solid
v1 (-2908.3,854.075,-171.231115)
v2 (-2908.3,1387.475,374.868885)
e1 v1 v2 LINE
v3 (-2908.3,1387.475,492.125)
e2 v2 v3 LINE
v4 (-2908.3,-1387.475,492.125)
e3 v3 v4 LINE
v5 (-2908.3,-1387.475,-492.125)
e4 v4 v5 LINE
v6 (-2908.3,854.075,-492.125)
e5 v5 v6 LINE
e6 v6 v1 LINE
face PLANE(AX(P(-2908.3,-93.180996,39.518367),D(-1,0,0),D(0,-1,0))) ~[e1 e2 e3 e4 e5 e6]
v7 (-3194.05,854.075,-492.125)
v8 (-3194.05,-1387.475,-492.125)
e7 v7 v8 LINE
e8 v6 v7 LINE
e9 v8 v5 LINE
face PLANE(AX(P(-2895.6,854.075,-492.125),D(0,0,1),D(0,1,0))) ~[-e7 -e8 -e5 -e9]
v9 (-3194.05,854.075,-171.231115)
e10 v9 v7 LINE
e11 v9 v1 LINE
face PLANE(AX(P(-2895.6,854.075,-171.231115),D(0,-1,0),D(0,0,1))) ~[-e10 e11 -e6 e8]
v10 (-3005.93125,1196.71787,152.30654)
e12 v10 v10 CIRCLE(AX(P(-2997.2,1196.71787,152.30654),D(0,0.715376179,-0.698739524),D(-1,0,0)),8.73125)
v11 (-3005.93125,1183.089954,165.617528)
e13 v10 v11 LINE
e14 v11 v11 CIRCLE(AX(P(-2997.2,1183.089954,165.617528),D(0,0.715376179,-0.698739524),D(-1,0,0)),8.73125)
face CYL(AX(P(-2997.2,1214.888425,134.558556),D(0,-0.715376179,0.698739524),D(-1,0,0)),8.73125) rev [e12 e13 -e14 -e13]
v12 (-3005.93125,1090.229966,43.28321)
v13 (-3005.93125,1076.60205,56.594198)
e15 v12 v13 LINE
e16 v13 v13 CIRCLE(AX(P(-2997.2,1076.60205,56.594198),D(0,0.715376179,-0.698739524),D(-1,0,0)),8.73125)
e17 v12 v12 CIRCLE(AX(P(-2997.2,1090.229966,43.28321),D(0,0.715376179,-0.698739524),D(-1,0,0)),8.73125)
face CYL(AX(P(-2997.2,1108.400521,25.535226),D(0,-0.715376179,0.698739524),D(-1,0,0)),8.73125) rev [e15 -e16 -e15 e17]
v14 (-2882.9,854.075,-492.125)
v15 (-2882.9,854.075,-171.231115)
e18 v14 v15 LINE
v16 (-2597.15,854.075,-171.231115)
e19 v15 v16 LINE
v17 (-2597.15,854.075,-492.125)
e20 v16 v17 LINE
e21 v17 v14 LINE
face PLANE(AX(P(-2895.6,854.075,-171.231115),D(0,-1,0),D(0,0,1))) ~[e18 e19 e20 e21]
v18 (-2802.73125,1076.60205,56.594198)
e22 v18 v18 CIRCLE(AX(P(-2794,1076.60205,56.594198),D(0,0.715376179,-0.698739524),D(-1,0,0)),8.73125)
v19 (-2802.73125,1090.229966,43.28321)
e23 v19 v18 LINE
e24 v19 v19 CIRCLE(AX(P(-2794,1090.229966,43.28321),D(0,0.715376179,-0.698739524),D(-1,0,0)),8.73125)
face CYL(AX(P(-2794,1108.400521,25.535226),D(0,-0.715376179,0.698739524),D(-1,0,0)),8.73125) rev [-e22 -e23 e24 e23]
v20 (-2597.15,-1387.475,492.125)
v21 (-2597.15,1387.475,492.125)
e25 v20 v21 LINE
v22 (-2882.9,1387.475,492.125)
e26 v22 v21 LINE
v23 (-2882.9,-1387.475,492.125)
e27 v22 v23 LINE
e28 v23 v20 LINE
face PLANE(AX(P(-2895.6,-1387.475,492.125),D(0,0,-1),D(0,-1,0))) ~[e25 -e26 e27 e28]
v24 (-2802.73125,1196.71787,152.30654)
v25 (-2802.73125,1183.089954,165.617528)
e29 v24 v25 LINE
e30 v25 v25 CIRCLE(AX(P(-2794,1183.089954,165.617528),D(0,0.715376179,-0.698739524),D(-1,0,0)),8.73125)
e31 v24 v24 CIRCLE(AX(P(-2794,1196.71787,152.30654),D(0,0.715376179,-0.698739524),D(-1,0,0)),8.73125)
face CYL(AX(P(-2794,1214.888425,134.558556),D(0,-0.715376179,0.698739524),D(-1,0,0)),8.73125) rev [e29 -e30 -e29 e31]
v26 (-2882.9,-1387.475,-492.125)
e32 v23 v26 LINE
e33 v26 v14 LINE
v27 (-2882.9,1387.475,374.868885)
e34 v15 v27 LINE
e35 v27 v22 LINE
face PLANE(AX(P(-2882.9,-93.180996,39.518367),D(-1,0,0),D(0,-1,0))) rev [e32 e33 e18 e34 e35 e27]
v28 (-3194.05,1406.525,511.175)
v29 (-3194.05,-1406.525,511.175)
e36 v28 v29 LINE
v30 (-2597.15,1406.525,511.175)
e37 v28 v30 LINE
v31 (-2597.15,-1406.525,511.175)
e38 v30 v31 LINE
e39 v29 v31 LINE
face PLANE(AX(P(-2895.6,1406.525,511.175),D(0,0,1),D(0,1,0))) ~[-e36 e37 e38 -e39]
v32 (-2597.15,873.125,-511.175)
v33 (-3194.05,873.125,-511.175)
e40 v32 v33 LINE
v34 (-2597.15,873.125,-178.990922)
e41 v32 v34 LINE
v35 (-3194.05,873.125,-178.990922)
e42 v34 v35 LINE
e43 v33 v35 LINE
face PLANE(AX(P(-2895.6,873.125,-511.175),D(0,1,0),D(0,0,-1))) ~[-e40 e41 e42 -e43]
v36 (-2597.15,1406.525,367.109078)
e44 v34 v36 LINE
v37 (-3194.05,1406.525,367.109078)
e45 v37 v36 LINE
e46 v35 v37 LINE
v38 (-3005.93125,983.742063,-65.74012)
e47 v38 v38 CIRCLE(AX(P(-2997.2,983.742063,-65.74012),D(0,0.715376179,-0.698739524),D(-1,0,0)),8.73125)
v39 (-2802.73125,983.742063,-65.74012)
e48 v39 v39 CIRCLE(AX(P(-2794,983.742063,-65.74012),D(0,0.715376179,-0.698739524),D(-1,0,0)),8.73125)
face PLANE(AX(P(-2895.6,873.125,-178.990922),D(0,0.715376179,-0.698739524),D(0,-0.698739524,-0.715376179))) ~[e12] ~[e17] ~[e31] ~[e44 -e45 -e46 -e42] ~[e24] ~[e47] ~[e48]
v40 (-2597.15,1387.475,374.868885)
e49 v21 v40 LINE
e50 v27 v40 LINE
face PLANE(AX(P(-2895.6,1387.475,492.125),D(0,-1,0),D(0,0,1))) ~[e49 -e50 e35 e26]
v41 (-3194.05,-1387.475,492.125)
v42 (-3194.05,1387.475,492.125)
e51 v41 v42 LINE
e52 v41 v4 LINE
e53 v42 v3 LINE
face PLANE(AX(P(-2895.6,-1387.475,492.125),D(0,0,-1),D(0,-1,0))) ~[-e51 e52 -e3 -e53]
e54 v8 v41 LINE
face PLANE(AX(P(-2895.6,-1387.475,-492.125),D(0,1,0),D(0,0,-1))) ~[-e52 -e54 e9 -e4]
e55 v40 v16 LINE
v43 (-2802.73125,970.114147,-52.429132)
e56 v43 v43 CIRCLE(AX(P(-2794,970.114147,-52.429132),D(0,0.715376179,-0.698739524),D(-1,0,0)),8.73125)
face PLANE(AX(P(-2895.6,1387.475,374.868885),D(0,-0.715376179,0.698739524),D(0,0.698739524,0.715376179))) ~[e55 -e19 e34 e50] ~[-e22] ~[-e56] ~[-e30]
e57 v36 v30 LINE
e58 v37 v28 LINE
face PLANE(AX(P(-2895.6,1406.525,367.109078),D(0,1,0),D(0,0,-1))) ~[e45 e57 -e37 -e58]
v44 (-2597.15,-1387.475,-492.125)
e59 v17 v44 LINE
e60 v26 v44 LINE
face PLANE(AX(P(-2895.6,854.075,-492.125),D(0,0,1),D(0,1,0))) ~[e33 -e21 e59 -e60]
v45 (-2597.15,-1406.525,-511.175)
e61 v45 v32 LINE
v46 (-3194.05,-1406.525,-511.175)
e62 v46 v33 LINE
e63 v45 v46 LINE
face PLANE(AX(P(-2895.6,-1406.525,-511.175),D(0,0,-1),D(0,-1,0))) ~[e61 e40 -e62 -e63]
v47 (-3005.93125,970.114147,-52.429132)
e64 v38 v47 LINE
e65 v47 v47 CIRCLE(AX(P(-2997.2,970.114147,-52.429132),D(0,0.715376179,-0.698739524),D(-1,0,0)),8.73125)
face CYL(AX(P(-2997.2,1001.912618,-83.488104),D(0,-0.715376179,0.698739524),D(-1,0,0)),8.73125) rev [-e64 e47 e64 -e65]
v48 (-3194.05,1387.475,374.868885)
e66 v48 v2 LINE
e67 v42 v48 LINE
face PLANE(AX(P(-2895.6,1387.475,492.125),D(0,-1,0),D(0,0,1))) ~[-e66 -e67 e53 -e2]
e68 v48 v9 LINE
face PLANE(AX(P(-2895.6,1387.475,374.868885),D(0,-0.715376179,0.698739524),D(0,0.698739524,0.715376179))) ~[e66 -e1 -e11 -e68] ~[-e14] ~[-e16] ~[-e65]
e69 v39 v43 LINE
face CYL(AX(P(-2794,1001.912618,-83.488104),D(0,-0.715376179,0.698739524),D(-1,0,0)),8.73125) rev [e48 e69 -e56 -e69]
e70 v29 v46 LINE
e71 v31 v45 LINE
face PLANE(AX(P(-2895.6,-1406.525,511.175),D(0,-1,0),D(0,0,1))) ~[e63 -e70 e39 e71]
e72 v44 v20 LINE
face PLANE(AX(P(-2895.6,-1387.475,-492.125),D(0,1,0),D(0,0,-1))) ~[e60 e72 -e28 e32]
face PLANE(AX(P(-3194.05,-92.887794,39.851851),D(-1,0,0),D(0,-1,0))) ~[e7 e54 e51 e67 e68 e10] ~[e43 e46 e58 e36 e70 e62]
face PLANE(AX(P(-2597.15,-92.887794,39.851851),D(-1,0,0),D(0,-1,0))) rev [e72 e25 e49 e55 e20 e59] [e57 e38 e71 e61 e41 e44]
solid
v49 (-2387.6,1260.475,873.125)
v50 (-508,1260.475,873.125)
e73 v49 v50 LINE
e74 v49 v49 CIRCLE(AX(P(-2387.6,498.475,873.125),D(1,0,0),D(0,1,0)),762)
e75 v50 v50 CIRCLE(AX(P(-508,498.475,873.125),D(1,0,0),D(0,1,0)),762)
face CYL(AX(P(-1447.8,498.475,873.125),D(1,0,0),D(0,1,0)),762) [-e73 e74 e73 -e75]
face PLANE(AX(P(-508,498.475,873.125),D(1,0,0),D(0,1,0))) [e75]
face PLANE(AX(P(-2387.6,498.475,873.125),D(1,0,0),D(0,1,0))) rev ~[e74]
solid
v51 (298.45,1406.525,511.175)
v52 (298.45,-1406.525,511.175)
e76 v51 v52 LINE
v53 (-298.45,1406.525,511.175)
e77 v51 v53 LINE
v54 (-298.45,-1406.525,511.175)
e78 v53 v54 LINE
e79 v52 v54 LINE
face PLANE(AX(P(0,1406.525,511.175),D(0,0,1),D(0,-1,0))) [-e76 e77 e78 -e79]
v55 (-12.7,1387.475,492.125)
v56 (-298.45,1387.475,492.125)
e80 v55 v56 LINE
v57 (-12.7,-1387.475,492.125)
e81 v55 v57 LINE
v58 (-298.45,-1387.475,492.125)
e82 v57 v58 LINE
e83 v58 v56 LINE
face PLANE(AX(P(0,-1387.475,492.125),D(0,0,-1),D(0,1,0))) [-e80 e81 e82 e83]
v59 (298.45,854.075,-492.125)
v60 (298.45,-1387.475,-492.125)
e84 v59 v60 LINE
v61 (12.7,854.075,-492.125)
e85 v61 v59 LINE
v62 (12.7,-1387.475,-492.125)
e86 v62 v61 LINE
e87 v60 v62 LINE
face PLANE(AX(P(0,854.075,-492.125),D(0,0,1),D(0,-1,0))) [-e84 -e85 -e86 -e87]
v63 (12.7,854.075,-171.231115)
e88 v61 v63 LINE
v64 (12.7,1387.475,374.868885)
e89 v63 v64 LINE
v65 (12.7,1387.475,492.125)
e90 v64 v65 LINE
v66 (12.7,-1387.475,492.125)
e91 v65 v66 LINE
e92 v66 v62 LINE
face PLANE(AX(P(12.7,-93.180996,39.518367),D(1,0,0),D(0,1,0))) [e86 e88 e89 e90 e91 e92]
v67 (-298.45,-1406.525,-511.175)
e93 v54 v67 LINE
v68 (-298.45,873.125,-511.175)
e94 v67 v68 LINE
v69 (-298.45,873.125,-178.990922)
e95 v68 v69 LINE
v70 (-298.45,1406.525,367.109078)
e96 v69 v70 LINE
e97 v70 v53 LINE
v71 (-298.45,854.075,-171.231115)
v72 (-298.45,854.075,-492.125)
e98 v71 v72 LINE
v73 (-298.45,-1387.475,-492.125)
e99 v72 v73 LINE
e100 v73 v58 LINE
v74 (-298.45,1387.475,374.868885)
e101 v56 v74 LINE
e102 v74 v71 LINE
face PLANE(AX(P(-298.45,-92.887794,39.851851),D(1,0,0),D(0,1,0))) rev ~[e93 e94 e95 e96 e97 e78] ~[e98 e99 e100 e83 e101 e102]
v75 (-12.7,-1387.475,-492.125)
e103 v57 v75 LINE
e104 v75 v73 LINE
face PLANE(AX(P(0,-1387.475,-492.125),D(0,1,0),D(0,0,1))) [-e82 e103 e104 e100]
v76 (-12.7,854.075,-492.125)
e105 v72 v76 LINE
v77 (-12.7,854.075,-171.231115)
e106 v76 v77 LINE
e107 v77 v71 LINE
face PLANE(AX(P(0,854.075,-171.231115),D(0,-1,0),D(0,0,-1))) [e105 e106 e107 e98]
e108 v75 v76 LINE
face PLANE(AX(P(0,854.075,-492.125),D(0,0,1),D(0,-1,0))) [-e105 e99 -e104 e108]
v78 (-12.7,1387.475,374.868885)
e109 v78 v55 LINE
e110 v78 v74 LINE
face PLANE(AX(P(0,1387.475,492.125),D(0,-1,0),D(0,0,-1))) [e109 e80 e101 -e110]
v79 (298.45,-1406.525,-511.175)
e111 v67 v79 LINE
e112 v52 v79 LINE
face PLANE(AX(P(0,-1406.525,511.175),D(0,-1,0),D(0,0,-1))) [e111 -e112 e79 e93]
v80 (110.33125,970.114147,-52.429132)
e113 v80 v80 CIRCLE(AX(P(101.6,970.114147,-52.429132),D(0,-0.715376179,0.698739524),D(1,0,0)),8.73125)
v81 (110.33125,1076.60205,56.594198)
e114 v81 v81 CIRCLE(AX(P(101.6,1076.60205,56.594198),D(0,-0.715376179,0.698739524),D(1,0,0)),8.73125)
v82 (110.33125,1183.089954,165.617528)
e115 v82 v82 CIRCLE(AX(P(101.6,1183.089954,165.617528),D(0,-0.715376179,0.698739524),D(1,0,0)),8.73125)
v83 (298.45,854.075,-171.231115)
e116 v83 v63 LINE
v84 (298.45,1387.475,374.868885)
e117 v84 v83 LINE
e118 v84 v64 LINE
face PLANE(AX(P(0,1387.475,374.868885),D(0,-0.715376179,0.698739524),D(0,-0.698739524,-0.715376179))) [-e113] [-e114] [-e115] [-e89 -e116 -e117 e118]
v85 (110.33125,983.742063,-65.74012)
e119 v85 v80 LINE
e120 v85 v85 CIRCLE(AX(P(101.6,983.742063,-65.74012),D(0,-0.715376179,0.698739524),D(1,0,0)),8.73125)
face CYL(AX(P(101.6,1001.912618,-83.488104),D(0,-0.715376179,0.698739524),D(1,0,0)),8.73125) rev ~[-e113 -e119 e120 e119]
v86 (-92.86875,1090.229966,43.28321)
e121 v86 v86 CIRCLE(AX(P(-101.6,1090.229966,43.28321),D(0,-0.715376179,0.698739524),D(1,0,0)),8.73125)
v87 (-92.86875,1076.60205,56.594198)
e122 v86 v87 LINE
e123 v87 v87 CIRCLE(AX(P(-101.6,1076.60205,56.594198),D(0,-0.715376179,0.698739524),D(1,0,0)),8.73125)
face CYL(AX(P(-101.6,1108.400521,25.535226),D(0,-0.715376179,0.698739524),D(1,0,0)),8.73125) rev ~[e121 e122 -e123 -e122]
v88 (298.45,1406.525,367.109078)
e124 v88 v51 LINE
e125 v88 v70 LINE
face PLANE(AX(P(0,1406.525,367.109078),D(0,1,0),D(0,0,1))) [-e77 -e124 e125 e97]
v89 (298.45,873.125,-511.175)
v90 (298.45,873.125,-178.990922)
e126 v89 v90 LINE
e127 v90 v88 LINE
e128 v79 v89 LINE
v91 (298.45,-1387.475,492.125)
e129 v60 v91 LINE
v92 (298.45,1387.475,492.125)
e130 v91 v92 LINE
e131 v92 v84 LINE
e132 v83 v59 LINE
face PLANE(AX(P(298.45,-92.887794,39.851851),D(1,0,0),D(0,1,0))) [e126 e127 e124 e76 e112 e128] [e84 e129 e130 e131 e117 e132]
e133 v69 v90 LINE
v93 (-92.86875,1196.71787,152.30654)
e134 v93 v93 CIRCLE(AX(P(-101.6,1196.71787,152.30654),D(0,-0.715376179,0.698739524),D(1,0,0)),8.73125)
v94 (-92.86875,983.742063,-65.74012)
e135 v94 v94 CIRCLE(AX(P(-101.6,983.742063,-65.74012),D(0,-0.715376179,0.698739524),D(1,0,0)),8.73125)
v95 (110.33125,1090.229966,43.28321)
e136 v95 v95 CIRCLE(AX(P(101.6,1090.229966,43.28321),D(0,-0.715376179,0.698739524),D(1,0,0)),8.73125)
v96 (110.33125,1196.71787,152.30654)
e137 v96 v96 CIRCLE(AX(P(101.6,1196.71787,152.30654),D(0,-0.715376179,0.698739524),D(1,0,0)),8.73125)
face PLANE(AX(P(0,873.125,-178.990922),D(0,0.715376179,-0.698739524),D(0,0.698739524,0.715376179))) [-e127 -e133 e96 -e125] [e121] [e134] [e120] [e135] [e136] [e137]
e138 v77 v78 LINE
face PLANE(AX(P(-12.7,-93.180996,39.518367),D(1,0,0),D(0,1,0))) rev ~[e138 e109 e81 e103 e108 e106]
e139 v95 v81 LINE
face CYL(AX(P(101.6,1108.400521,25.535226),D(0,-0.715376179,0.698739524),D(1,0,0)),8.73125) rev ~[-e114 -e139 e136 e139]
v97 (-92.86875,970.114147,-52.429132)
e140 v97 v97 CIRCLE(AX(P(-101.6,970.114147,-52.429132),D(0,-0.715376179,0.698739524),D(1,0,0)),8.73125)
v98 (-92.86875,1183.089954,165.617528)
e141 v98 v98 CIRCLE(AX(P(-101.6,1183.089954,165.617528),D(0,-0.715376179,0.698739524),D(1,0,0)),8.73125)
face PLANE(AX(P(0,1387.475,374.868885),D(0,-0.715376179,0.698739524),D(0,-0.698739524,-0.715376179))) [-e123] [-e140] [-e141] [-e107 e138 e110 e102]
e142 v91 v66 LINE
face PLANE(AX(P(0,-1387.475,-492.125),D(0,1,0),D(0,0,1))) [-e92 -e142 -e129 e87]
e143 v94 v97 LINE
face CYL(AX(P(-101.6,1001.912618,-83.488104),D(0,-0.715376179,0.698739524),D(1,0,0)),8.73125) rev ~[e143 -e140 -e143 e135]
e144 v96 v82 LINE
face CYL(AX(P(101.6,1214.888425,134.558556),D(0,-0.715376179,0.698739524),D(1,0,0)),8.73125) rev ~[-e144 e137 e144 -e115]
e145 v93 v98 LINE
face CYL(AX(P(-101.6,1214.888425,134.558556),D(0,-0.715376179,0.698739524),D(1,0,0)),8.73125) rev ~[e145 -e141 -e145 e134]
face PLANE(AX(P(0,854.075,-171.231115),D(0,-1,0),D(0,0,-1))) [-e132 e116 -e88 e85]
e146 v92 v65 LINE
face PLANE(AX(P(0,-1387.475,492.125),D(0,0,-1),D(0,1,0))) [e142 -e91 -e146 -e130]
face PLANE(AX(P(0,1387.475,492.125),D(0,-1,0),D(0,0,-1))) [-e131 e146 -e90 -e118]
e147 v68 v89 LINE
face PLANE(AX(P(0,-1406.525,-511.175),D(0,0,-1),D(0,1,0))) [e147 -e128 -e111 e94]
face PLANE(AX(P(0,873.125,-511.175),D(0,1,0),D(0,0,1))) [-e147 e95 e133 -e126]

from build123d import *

# Parameters (mm, degrees)
F1_DEPTH  = 298.45
F2_DEPTH  = 12.7
F5_DEPTH  = 152.4
F7_D      = 17.4625
F7_DEPTH  = 25.4
F7_TIP    = 5.2462642799
F10_R     = 762
F11_DEPTH = 939.8


with BuildPart() as f1:
    # F0 (on Right) → F1 (new body, symmetric)
    with BuildSketch(Plane.YZ):
        Polygon((-1406.525, 511.175), (-1406.525, -511.175), (873.125, -511.175), (873.125, -178.9909222886), (1406.525, 367.1090777114), (1406.525, 511.175), align=None)
        Polygon((854.075, -492.125), (-1387.475, -492.125), (-1387.475, 492.125), (1387.475, 492.125), (1387.475, 374.8688846221), (854.075, -171.2311153779), align=None, mode=Mode.SUBTRACT)
    extrude(amount=F1_DEPTH, both=True)

    # F0 (on Right) → F2 (join, symmetric)
    with BuildSketch(Plane.YZ):
        Polygon((-1387.475, 492.125), (-1387.475, -492.125), (854.075, -492.125), (854.075, -171.2311153779), (1387.475, 374.8688846221), (1387.475, 492.125), align=None)
    extrude(amount=F2_DEPTH, both=True)

    # F7
    with Locations(Plane(origin=(0, 536.3038280247, -523.8316459776), x_dir=(-1, 0, 0), z_dir=(0, 0.7153761792, -0.6987395239))):
        with Locations((-101.6, 640.3505450322), (-101.6, 792.7505450322), (-101.6, 945.1505450322), (101.6, 945.1505450322), (101.6, 792.7505450322), (101.6, 640.3505450322)):
            Hole(F7_D / 2, depth=F7_DEPTH)
            with Locations((0, 0, -(F7_DEPTH + F7_TIP / 2))):  # 118° drill point
                Cone(0, F7_D / 2, F7_TIP, mode=Mode.SUBTRACT)


with BuildPart() as f5:
    # F4 (on face) → F5 (new body)
    with BuildSketch(Plane.YZ.offset(298.45)):
        Polygon((1547.2405520028, 511.175), (1406.525, 511.175), (1406.525, 367.1090777114), align=None)
    extrude(amount=F5_DEPTH)


with BuildPart() as f9_1:
    # F9: instance of F1
    add(f1.part.mirror(Plane(origin=(-1447.8, -93.0328602269, 39.6868545201), x_dir=(0, 1, 0), z_dir=(1, 0, 0))))


with BuildPart() as f11:
    # F10 (on offset) → F11 (new body, symmetric)
    with BuildSketch(Plane.YZ.offset(-1447.8)):
        with Locations((498.475, 873.125)):
            Circle(F10_R)
    extrude(amount=F11_DEPTH, both=True)


solid = Compound([f1.part, f9_1.part, f11.part])
